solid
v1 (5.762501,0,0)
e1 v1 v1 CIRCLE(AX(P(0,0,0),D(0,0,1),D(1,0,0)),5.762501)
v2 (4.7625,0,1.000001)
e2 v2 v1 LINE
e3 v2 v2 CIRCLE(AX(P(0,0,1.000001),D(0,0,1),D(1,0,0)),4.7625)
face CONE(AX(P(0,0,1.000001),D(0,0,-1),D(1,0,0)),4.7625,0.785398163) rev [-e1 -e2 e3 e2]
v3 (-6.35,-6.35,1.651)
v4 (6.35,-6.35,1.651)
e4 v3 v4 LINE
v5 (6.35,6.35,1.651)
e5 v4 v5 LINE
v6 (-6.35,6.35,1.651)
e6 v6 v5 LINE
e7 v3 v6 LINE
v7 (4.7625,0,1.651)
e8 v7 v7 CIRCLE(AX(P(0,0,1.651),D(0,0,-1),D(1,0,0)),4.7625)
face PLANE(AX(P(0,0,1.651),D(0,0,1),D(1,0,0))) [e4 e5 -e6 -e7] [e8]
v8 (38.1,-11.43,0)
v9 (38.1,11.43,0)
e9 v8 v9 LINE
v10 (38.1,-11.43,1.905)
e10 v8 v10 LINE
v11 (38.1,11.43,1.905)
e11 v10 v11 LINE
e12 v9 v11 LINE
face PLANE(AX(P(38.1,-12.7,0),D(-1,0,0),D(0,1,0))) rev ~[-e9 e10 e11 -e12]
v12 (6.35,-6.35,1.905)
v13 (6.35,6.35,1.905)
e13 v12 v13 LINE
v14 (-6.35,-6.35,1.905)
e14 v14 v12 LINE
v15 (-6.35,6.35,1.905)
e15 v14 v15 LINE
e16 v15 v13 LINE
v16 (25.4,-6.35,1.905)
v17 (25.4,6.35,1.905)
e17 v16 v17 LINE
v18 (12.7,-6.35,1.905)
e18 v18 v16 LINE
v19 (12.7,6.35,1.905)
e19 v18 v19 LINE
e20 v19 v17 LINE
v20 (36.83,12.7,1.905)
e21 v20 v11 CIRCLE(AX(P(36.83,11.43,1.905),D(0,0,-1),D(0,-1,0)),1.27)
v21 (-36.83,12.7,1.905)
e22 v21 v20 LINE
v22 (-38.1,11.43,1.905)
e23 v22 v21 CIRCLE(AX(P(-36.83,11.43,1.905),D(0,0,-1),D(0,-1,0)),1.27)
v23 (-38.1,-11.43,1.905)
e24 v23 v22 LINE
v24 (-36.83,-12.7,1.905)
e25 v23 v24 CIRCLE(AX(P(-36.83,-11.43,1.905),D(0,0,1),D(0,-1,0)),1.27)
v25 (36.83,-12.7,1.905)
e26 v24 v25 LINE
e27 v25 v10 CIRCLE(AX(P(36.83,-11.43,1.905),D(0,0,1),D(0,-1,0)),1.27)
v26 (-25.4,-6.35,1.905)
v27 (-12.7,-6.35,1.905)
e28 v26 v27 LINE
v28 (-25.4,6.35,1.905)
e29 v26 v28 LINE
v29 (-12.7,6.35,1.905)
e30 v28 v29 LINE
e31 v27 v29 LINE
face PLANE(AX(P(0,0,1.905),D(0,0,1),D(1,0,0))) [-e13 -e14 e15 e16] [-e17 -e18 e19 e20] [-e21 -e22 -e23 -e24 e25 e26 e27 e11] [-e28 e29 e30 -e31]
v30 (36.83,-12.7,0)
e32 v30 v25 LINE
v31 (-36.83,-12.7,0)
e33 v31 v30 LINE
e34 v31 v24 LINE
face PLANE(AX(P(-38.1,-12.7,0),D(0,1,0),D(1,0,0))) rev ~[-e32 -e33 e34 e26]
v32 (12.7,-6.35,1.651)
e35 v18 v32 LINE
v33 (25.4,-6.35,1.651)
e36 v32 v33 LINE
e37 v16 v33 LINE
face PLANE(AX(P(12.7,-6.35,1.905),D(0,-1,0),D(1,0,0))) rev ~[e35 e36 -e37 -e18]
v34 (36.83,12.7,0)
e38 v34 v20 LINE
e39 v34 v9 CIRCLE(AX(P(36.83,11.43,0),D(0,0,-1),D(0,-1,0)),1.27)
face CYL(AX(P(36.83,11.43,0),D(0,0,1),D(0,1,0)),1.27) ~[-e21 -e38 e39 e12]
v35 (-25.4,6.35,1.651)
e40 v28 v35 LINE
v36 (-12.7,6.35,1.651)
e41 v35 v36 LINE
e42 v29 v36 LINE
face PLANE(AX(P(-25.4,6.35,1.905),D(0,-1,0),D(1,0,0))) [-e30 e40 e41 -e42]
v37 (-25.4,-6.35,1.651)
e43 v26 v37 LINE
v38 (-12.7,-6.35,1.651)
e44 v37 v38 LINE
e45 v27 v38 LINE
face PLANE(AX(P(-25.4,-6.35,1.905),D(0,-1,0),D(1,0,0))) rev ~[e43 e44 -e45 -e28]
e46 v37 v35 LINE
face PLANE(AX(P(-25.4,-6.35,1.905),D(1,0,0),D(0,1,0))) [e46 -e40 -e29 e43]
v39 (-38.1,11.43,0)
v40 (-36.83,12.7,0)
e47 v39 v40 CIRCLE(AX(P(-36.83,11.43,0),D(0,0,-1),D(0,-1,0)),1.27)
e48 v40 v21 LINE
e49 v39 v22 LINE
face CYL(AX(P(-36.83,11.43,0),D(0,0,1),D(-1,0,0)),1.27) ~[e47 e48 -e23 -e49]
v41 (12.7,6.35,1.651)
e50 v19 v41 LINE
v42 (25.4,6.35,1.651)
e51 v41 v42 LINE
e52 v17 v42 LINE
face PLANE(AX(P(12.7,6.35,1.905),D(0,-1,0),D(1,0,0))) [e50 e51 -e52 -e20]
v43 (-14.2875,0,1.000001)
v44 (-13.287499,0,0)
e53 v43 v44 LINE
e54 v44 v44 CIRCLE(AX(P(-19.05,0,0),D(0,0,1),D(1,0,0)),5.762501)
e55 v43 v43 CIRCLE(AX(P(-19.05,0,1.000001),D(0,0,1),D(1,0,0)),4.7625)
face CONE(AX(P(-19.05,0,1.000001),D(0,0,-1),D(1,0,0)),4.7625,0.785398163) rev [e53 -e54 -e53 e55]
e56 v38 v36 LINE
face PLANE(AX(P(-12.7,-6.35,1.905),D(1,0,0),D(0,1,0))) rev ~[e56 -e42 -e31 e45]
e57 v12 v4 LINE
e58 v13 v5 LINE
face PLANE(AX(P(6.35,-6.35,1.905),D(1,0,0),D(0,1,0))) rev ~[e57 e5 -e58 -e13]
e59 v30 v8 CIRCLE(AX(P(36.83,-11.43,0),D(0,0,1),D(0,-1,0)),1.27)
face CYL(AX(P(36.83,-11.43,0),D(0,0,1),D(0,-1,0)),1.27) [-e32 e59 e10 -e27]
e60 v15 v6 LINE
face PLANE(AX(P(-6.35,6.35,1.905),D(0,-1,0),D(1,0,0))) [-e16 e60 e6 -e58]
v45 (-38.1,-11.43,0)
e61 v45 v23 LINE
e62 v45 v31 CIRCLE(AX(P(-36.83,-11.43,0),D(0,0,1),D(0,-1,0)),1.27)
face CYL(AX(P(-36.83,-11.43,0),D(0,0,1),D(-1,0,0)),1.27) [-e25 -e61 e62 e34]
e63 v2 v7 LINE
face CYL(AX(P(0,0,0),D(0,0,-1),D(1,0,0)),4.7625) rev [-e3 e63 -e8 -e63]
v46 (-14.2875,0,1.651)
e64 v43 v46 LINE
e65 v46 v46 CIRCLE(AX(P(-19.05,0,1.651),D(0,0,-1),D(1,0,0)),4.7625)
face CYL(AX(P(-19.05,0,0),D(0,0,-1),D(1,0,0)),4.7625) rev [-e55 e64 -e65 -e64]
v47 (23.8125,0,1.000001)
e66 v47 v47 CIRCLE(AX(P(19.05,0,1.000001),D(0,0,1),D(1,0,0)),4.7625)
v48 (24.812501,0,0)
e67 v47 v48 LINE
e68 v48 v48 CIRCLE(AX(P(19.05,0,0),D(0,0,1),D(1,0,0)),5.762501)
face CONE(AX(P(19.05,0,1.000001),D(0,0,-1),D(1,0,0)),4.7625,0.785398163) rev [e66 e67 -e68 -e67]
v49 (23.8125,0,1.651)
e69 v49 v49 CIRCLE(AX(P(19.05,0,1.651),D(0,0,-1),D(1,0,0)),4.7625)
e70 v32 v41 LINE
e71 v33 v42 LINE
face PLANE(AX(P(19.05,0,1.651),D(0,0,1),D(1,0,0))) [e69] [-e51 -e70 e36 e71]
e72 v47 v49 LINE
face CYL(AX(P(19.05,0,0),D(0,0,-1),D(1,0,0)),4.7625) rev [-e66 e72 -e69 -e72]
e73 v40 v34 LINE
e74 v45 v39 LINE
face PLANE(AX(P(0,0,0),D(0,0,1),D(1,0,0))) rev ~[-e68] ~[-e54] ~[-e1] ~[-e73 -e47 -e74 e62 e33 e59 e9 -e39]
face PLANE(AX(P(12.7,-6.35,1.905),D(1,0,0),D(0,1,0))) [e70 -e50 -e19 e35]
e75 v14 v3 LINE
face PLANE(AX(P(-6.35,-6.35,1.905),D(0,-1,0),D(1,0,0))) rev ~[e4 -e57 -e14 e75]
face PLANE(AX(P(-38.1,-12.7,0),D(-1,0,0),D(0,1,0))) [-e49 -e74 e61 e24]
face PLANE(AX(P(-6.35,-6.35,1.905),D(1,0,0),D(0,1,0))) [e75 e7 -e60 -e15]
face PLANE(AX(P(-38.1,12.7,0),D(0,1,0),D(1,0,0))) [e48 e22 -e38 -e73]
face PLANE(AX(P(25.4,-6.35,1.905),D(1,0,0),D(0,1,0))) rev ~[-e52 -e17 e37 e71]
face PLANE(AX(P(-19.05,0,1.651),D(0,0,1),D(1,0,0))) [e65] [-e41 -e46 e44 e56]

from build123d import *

# Parameters (mm, degrees)
SKETCH_W     = 76.2
SKETCH_H     = 25.4
SKETCH_R     = 4.7625
PAD_DEPTH    = 1.905
CHAMFER_SIZE = 1.000001
SKETCH001_W  = 12.7
SKETCH001_H  = 12.7
POCKET_DEPTH = 0.254
FILLET_R     = 1.27


with BuildPart() as part:
    # Sketch → Pad (new body)
    with BuildSketch(Plane.XY):
        Rectangle(SKETCH_W, SKETCH_H)
        Circle(SKETCH_R, mode=Mode.SUBTRACT)
        with Locations((-19.05, 0)):
            Circle(SKETCH_R, mode=Mode.SUBTRACT)
        with Locations((19.05, 0)):
            Circle(SKETCH_R, mode=Mode.SUBTRACT)
    extrude(amount=PAD_DEPTH)

    # Chamfer
    chamfer_edges = [part.edges().sort_by_distance(p)[0] for p in [
        (14.2875, 0, 0),
        (-4.7625, 0, 0),
        (-23.8125, 0, 0),
    ]]
    chamfer(chamfer_edges, length=CHAMFER_SIZE)

    # Sketch001 (on Face3 of Chamfer) → Pocket (cut)
    with BuildSketch(Plane.XY.offset(1.905)):
        Rectangle(SKETCH001_W, SKETCH001_H)
        with Locations((-19.05, 0)):
            Rectangle(SKETCH001_W, SKETCH001_H)
        with Locations((19.05, 0)):
            Rectangle(SKETCH001_W, SKETCH001_H)
    extrude(amount=-POCKET_DEPTH, mode=Mode.SUBTRACT)

    # Fillet
    fillet_edges = [part.edges().sort_by_distance(p)[0] for p in [
        (38.1, 12.7, 0.9525),
        (38.1, -12.7, 0.9525),
        (-38.1, 12.7, 0.9525),
        (-38.1, -12.7, 0.9525),
    ]]
    fillet(fillet_edges, radius=FILLET_R)


solid = part.part
